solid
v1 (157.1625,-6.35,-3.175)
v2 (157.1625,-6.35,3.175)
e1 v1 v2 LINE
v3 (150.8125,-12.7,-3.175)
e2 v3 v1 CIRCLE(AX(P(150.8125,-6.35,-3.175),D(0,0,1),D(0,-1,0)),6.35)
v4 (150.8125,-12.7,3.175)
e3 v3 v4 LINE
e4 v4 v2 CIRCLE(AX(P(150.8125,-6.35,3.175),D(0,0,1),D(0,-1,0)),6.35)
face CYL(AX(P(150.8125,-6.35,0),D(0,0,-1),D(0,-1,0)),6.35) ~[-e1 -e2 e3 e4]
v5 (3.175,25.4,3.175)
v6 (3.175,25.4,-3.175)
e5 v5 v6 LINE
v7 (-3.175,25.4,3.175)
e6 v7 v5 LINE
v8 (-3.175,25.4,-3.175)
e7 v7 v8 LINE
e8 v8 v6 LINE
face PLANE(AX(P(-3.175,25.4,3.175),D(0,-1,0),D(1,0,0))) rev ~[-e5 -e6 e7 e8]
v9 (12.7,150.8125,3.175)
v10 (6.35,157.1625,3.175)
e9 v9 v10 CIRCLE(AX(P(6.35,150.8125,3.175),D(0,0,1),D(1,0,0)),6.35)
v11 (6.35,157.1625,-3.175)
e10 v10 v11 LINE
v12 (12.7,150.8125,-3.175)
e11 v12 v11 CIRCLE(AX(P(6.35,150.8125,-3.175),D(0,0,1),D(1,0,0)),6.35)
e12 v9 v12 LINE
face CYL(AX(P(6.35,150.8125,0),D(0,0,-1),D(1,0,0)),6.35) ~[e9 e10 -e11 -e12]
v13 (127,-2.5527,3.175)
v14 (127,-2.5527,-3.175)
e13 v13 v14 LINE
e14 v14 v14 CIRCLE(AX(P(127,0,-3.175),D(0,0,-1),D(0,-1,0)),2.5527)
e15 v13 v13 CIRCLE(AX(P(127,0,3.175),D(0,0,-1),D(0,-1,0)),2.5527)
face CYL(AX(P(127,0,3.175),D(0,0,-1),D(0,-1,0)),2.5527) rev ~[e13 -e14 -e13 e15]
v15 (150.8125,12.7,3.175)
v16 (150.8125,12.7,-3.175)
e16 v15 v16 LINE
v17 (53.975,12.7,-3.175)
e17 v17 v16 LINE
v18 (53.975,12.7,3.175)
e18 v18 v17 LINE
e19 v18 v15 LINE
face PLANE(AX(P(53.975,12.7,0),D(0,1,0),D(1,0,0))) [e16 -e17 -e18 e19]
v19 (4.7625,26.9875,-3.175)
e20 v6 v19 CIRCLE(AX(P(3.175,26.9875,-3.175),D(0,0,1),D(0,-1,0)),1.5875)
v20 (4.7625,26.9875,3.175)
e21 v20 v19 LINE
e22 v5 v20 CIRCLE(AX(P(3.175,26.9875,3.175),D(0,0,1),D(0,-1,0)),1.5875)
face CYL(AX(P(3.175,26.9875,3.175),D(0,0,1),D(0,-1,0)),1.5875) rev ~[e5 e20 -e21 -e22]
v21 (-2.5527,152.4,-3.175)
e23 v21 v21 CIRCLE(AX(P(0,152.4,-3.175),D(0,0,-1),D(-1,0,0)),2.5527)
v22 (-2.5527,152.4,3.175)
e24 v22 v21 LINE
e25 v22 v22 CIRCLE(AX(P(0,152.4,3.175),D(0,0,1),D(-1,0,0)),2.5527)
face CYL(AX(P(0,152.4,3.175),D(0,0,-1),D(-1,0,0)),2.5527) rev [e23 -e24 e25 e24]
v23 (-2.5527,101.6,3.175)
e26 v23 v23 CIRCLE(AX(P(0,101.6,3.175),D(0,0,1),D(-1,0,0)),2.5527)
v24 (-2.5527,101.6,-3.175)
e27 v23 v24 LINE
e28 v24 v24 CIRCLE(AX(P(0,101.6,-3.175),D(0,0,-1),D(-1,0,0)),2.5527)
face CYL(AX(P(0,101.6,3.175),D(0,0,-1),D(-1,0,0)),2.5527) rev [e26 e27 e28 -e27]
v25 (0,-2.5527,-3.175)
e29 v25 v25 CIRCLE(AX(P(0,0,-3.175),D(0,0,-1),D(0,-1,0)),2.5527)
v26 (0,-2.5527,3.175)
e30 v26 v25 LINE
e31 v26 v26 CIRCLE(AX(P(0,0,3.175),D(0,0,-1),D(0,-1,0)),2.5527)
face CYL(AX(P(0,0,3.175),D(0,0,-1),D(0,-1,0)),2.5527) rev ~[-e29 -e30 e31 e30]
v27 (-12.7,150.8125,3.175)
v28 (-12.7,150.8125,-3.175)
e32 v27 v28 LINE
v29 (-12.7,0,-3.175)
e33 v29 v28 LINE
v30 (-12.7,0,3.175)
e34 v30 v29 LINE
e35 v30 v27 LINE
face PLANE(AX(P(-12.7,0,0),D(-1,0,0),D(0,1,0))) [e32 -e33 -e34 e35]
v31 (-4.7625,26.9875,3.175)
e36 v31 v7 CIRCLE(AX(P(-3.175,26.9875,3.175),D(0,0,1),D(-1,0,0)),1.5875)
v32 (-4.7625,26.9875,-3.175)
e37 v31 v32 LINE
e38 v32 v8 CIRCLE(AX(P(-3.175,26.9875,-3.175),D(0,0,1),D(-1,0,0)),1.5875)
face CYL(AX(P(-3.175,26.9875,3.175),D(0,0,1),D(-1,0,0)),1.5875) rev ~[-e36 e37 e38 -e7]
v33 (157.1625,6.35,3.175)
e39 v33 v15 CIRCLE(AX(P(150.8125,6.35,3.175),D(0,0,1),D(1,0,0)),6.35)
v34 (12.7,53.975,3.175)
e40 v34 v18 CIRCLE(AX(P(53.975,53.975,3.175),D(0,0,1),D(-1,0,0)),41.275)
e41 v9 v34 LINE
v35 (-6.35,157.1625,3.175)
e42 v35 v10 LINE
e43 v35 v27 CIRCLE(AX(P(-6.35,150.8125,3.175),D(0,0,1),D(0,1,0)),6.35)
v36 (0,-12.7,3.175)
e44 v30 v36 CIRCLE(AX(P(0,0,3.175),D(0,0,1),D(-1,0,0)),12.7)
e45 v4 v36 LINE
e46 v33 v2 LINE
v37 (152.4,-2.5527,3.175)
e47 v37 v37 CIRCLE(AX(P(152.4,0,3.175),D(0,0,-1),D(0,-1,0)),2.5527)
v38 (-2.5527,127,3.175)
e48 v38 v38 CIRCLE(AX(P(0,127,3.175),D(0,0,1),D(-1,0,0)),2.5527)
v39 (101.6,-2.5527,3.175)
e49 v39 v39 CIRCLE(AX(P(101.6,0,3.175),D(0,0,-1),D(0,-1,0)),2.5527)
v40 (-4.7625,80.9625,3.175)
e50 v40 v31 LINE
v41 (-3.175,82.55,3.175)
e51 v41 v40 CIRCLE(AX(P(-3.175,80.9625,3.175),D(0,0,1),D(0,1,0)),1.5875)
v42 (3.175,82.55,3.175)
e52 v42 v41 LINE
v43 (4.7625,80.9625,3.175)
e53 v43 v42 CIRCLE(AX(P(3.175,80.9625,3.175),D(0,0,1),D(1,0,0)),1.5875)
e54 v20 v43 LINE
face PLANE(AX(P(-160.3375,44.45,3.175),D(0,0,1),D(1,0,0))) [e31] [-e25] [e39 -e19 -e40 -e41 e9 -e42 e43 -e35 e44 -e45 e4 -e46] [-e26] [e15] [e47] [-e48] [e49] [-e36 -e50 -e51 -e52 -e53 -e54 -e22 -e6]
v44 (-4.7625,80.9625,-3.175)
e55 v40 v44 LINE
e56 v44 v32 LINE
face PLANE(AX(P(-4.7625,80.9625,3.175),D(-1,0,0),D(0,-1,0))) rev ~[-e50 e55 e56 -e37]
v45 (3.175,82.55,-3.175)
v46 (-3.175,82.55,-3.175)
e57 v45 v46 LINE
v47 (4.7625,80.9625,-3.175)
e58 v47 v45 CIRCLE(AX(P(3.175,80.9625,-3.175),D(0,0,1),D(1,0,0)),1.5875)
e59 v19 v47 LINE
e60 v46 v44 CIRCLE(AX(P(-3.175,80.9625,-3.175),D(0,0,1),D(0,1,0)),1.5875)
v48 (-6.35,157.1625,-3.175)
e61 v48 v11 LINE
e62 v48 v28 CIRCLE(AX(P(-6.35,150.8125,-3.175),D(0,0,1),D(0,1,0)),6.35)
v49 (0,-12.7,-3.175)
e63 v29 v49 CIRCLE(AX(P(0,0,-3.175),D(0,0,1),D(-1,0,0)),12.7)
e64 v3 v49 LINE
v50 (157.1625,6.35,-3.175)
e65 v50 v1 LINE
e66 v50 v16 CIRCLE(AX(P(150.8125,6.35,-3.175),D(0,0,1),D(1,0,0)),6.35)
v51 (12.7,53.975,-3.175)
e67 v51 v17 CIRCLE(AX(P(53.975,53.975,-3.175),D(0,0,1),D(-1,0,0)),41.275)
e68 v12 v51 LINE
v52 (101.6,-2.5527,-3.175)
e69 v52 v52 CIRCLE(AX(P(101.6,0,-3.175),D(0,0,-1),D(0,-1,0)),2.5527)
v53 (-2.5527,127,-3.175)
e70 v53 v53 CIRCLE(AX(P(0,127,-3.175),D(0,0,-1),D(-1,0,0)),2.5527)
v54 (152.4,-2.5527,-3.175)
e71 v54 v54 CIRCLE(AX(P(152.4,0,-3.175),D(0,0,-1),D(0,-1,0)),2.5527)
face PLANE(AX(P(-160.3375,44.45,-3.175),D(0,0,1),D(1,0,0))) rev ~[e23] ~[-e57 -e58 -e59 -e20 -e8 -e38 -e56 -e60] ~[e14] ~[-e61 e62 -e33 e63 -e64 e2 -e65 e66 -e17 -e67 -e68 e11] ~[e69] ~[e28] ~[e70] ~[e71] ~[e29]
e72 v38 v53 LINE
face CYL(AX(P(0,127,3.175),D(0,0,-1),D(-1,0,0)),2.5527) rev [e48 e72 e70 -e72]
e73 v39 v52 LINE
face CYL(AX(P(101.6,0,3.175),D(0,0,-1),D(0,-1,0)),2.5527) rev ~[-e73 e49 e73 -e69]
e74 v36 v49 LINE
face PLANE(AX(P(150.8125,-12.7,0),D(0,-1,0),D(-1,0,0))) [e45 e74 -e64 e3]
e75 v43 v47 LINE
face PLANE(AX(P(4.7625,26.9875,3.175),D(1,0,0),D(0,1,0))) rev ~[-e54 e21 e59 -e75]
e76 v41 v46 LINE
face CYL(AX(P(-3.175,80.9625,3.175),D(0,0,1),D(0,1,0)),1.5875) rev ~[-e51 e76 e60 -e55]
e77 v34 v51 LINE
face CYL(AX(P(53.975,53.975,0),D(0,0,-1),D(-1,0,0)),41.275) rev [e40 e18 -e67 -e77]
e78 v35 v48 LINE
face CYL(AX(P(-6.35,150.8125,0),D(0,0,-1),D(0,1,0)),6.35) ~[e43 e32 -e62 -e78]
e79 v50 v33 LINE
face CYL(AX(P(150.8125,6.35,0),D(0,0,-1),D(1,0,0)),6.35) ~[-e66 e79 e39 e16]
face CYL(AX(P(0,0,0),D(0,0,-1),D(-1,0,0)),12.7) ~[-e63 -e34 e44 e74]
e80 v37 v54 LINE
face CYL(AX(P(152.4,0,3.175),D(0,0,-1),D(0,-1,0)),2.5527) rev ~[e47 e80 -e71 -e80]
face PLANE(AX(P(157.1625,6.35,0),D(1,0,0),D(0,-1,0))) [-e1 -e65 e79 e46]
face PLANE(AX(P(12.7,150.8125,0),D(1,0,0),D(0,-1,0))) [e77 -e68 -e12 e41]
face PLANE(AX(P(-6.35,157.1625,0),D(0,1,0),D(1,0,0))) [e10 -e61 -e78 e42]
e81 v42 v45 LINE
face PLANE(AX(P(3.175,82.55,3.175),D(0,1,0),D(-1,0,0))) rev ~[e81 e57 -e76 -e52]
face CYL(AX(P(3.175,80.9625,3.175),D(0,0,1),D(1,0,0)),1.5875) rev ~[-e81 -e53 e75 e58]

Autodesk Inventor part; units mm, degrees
ref_plane "Work Plane2" through (0, 0, 0) normal (-0.7071, 0.7071, 0) x (0, 0, 1)
ref_plane "XY Plane" through (0, 0, 0) normal (0, 0, 1) x (1, 0, 0)
ref_plane "Work Plane2" through (0, 0, 0) normal (-0.7071, 0.7071, 0) x (0, 0, 1)
sketch "Sketch1" plane through (-160.3375, 44.45, 0) normal (0, 0, 1) x (1, 0, 0)
  line L0 (311.15, -57.15) -> (160.3375, -57.15)
  arc A0 (311.15, -57.15) -> (317.5, -50.8) centre (311.15, -50.8) ccw
  line L1 (317.5, -38.1) -> (317.5, -50.8)
  arc A1 (317.5, -38.1) -> (311.15, -31.75) centre (311.15, -38.1) ccw
  line L2 (214.3125, -31.75) -> (311.15, -31.75)
  line L3 (173.0375, 106.3625) -> (173.0375, 9.525)
  arc A2 (173.0375, 106.3625) -> (166.6875, 112.7125) centre (166.6875, 106.3625) ccw
  line L4 (153.9875, 112.7125) -> (166.6875, 112.7125)
  arc A3 (153.9875, 112.7125) -> (147.6375, 106.3625) centre (153.9875, 106.3625) ccw
  line L5 (147.6375, -44.45) -> (147.6375, 106.3625)
  arc A4 (147.6375, -44.45) -> (160.3375, -57.15) centre (160.3375, -44.45) ccw
  line L6 (160.3375, -94.5418) -> (160.3375, 148.7892) construction
  line L7 (110.2457, -44.45) -> (353.5767, -44.45) construction
  arc A5 (173.0375, 9.525) -> (214.3125, -31.75) centre (214.3125, 9.525) ccw
  dimension "d1" = 169.8625
  dimension "d2" = 12.7
  dimension "d5" = 25.4
  dimension "d6" = 25.4
  dimension "d8" = 6.35
  dimension "d44" = 41.275
extrude "Extrusion1" add sketch "Sketch1" along normal mid plane 6.35
sketch "Sketch2" plane through (-160.3375, 44.45, 3.175) normal (0, 0, 1) x (1, 0, 0)
  line L0 (160.3375, -91.1225) -> (160.3375, 146.685) construction
  line L1 (113.665, -44.45) -> (351.4725, -44.45) construction
  line L2 (317.5, -50.8) -> (317.5, -38.1) construction
  point P0 (160.3375, -44.45)
  point P1 (312.7375, -44.45)
  dimension "d13" = 152.4
hole "Hole1" at (152.4, 0, 3.175) direction (0, 0, -1) diameter 5.1054 end through all clearance for "Socket Head Cap Screw" size "#10" standard "Ansi Unified Screw Threads"
pattern_linear "Rectangular Pattern1" count 3 spacing 25.4 along (-1, 0, 0) of "Hole1"
sketch "Sketch4" plane through (-160.3375, 44.45, 3.175) normal (0, 0, 1) x (1, 0, 0)
  point P0 (160.3375, -44.45)
  point P1 (160.3375, -44.45)
hole "Hole2" at (0, 0, 3.175) direction (0, 0, -1) diameter 5.1054 end through all clearance for "Socket Head Cap Screw" size "#10" standard "Ansi Unified Screw Threads"
mirror "Mirror1" about plane through (0, 0, 0) normal (-0.7071, 0.7071, 0) of "Hole1", "Rectangular Pattern1"
sketch "Sketch5" plane through (-160.3375, 44.45, 3.175) normal (0, 0, 1) x (1, 0, 0)
  line L0 (163.5125, 38.1) -> (157.1625, 38.1)
  line L1 (155.575, 36.5125) -> (155.575, -17.4625)
  line L2 (157.1625, -19.05) -> (163.5125, -19.05)
  line L3 (165.1, -17.4625) -> (165.1, 36.5125)
  line L4 (160.3375, -91.1225) -> (160.3375, 146.685) construction
  arc A0 (165.1, 36.5125) -> (163.5125, 38.1) centre (163.5125, 36.5125) ccw
  arc A1 (157.1625, 38.1) -> (155.575, 36.5125) centre (157.1625, 36.5125) ccw
  arc A2 (155.575, -17.4625) -> (157.1625, -19.05) centre (157.1625, -17.4625) ccw
  arc A3 (163.5125, -19.05) -> (165.1, -17.4625) centre (163.5125, -17.4625) ccw
  point P0 (160.3375, -44.45)
  point P1 (155.575, -19.05)
  point P2 (155.575, 38.1)
  point P3 (165.1, -19.05)
  dimension "d45" = 9.525
  dimension "d46" = 25.4
  dimension "d47" = 57.15
  dimension "d48" = 1.5875
extrude "Extrusion3" cut sketch "Sketch5" against normal up to surface (6.35 mm away)
properties part number "PLATE,CLAMP,MK4i,Swerve,CUSTOM,FRC2026" material "Aluminum 7075"
